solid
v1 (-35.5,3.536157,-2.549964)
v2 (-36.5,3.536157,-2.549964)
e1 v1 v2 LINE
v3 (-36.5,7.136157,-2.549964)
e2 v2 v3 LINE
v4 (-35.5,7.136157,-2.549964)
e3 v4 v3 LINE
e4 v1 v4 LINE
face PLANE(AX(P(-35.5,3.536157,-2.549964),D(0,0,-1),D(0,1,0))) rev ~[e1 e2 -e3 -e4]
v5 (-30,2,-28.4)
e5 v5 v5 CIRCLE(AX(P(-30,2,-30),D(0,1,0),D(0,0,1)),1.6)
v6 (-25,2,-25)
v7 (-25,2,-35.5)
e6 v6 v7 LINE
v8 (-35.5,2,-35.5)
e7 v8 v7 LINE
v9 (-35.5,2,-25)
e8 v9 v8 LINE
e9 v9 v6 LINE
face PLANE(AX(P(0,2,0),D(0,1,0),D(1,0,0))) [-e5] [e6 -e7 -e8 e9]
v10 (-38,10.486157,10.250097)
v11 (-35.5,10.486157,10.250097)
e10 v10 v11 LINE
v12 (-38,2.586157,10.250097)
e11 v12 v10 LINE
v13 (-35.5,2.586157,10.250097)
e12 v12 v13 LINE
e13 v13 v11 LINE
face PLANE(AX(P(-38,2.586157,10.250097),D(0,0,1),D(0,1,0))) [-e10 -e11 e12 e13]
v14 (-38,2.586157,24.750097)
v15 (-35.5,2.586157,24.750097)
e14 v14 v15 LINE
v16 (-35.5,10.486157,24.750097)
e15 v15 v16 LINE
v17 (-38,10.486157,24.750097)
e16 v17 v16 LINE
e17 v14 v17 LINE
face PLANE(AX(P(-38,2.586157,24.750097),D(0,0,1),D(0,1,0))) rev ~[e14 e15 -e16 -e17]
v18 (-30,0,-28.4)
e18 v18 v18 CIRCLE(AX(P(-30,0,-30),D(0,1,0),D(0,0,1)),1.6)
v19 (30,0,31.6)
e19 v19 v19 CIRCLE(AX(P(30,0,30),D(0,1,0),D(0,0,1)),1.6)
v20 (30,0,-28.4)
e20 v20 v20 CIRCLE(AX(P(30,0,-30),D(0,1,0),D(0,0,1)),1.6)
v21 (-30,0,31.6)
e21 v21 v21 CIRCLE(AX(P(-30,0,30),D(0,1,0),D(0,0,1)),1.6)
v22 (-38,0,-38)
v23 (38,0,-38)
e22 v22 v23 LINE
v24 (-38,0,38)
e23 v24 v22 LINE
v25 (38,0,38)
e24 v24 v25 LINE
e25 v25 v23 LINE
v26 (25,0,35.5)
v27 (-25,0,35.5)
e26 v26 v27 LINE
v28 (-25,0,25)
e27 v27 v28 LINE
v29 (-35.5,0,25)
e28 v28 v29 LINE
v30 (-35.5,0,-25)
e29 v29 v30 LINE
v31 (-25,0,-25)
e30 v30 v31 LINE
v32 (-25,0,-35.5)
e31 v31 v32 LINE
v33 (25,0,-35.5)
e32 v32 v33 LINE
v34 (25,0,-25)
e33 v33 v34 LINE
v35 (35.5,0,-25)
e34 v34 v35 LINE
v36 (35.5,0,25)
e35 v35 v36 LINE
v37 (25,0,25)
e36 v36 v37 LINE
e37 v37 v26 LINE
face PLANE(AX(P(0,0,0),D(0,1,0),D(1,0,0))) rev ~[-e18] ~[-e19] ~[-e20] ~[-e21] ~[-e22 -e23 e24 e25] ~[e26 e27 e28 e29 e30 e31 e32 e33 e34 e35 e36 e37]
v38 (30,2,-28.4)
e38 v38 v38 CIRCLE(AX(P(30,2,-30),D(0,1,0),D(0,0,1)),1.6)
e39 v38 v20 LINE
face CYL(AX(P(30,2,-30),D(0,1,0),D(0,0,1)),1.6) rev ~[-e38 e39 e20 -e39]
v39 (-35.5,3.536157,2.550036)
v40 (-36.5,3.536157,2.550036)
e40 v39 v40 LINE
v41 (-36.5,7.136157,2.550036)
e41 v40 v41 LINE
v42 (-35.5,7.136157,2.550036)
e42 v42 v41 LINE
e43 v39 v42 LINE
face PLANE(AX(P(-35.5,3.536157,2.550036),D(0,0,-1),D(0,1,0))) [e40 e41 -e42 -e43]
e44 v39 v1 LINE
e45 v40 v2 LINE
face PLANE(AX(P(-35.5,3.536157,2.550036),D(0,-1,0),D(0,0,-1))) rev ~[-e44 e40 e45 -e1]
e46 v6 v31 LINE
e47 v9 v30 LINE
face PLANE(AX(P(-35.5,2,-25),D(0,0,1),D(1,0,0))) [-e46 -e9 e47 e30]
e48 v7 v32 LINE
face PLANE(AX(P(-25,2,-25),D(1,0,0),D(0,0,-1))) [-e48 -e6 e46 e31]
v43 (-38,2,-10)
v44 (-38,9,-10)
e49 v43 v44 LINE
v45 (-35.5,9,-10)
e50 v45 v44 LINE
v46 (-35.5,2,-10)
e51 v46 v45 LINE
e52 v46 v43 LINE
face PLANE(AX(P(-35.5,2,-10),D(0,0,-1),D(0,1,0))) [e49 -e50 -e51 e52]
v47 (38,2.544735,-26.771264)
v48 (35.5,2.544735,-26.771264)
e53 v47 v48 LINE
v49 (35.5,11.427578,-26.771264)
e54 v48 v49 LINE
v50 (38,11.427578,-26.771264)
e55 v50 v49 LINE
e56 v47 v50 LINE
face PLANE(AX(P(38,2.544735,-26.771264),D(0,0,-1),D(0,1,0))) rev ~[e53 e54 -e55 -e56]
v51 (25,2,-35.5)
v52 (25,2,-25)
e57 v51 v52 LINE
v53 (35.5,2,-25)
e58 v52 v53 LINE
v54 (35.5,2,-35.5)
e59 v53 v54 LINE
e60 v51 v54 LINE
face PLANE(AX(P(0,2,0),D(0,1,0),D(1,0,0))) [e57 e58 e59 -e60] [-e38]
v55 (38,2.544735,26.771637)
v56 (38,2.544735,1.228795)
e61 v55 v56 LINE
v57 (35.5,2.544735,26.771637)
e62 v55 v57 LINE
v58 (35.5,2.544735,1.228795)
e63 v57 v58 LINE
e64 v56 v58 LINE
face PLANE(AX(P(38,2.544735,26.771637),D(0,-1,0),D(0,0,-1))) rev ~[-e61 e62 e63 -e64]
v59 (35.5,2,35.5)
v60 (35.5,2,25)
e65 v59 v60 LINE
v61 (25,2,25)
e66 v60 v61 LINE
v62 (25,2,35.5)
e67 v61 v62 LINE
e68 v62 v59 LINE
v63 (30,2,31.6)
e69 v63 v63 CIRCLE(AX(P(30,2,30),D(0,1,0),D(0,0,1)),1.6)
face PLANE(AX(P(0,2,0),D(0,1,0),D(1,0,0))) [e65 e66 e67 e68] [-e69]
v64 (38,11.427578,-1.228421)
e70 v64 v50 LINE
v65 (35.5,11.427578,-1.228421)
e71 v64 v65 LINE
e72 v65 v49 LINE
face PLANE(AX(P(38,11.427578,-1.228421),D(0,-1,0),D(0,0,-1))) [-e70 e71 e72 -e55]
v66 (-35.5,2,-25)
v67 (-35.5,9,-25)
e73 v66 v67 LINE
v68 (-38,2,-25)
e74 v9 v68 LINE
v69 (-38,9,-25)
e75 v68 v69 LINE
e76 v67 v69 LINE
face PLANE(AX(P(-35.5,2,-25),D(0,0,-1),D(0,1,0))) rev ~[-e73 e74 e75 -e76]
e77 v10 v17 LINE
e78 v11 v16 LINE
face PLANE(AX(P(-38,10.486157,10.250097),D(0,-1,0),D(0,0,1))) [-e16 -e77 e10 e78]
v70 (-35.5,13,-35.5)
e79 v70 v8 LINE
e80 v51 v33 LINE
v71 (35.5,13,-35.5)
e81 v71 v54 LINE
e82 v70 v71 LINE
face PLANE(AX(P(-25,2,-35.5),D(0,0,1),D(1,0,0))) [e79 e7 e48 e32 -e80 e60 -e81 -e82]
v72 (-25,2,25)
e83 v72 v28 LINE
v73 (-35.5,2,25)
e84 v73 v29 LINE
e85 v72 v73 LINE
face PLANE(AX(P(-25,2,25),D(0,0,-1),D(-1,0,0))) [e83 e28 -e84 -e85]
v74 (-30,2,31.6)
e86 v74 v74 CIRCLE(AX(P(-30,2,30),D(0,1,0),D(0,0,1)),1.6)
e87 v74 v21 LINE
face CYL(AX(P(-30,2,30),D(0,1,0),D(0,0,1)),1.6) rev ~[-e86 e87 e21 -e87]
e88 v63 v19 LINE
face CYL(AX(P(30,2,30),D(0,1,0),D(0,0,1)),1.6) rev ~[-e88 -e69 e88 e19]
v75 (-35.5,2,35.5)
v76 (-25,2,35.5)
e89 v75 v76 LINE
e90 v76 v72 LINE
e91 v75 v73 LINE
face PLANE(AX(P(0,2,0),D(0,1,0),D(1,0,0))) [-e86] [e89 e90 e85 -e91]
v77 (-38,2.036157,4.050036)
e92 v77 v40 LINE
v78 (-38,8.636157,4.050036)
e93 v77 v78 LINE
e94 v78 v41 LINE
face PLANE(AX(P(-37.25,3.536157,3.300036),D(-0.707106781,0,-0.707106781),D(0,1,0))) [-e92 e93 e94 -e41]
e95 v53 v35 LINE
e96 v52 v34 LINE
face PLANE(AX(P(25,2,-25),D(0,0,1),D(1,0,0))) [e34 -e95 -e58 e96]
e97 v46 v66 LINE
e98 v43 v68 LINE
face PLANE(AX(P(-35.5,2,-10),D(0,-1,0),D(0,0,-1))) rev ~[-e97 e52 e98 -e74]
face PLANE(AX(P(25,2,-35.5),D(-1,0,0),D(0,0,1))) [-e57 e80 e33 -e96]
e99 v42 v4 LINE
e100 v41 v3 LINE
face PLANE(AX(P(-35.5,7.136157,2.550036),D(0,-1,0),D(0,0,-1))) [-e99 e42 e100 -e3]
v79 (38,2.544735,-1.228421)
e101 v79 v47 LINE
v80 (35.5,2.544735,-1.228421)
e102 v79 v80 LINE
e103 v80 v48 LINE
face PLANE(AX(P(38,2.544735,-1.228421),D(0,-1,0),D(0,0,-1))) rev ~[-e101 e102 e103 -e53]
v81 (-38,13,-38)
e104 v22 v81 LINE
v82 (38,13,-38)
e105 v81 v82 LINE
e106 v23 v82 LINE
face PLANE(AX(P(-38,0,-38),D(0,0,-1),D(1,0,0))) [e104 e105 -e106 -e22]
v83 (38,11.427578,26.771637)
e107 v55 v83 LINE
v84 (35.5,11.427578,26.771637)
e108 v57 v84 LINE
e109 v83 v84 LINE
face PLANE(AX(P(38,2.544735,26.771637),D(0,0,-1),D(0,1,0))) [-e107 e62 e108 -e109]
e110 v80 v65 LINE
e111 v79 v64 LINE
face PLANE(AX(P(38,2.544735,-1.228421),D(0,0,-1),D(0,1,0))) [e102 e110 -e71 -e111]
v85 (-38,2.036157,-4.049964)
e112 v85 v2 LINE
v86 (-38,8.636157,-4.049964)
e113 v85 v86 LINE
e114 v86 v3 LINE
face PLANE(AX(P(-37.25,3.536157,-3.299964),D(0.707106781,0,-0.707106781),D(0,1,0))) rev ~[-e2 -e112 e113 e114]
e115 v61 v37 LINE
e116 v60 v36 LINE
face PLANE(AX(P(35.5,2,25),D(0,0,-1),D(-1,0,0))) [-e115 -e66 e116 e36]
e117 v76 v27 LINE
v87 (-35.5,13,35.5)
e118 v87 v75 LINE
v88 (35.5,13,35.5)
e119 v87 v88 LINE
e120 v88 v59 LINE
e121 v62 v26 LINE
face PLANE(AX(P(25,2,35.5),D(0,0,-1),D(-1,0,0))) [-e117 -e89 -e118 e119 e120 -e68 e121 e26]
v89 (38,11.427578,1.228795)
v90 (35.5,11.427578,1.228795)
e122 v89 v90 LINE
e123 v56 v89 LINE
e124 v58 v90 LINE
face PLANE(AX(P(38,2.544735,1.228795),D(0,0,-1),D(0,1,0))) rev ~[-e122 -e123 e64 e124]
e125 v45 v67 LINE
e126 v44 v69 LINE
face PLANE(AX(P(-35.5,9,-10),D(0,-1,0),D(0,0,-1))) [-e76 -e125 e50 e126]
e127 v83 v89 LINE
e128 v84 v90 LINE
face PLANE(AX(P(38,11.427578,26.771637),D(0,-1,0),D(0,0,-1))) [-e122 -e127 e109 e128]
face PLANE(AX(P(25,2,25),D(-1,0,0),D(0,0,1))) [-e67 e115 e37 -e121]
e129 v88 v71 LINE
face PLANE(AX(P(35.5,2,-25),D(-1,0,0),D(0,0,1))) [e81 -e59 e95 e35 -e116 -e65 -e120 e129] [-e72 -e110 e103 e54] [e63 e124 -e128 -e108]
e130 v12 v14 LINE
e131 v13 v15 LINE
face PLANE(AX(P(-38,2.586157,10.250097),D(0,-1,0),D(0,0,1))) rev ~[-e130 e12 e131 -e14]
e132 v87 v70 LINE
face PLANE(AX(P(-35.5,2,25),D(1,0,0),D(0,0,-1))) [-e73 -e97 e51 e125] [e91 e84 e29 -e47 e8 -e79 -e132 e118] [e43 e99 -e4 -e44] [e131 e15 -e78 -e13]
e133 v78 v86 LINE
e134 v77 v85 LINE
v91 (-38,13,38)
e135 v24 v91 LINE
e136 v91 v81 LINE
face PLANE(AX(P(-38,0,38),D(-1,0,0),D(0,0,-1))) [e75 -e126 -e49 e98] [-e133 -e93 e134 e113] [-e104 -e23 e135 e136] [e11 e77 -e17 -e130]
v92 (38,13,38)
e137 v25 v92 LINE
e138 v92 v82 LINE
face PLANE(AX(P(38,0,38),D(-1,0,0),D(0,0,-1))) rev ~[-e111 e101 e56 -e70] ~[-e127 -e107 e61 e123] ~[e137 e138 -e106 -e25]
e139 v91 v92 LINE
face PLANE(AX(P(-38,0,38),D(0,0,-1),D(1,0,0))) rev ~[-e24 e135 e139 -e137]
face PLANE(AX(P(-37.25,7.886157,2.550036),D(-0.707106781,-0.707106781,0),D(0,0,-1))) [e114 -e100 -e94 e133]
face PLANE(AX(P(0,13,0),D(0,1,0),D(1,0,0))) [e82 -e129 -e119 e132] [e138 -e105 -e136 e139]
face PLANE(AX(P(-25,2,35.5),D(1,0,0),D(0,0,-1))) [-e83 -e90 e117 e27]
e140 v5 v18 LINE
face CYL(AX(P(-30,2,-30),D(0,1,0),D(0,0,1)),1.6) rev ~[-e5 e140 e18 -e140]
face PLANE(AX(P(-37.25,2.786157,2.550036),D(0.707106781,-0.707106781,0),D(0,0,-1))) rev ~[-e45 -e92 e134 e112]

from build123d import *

# Parameters (mm, degrees)
SKETCH_1_W                  = 76
SKETCH_1_H                  = 76
EXTRUDE_1_DEPTH             = 13
SKETCH_2_W                  = 71
SKETCH_2_H                  = 71
CUT_EXTRUDE_1_DEPTH         = 11
SKETCH_3_R                  = 1.6
CUT_EXTRUDE_2_DEPTH         = 55.854352608
PATTERN_LINEAR_1_COUNT      = 2
PATTERN_LINEAR_1_PITCH      = 60
PATTERN_LINEAR_1_COUNT_DIR2 = 2
PATTERN_LINEAR_1_PITCH_DIR2 = 60
CUT_EXTRUDE_3_DEPTH         = 55.854352608
CUT_EXTRUDE_5_REACH         = 87.959
SKETCH_5_W                  = 14.5
SKETCH_5_H                  = 7.9
CUT_EXTRUDE_6_REACH         = 87.959
SKETCH_7_W                  = 25.542842713
SKETCH_7_H                  = 8.882842713
CUT_EXTRUDE_7_REACH         = 85.757
SKETCH_8_W                  = 5.1
SKETCH_8_H                  = 3.6
CUT_EXTRUDE_8_REACH         = 85.757
SKETCH_9_W                  = 15
SKETCH_9_H                  = 7
CHAMFER_1_SIZE              = 1.5


with BuildPart() as part:
    # 草图1 → 凸台-拉伸1 (new body)
    with BuildSketch(Plane(origin=(0, 0, 0), x_dir=(1, 0, 0), z_dir=(0, 1, 0))):
        Rectangle(SKETCH_1_W, SKETCH_1_H)
    extrude(amount=EXTRUDE_1_DEPTH)

    # 草图2 → 切除-拉伸1 (cut)
    with BuildSketch(Plane(origin=(0, 13, 0), x_dir=(1, 0, 0), z_dir=(0, 1, 0))):
        Rectangle(SKETCH_2_W, SKETCH_2_H)
    extrude(amount=-CUT_EXTRUDE_1_DEPTH, mode=Mode.SUBTRACT)

    # 草图3 → 切除-拉伸2 (cut, through all)
    with BuildSketch(Plane(origin=(0, 2, 0), x_dir=(1, 0, 0), z_dir=(0, 1, 0))):
        with Locations(Location((-30, 30, 0), (0, 0, 270))):
            Circle(SKETCH_3_R)
    cut_extrude_2 = extrude(amount=-CUT_EXTRUDE_2_DEPTH, mode=Mode.SUBTRACT)

    # 阵列(线性)1: Cut-Extrude 2 2 × 2
    with Locations(*[(i * PATTERN_LINEAR_1_PITCH, 0, j * PATTERN_LINEAR_1_PITCH_DIR2) for i in range(PATTERN_LINEAR_1_COUNT) for j in range(PATTERN_LINEAR_1_COUNT_DIR2) if (i, j) != (0, 0)]):
        add(cut_extrude_2, mode=Mode.SUBTRACT)

    # 草图4 → 切除-拉伸3 (cut, through all)
    with BuildSketch(Plane(origin=(0, 2, 0), x_dir=(1, 0, 0), z_dir=(0, 1, 0))):
        Polygon((35.5, -25), (25, -25), (25, -35.5), (-25, -35.5), (-25, -25), (-35.5, -25), (-35.5, 25), (-25, 25), (-25, 35.5), (25, 35.5), (25, 25), (35.5, 25), align=None)
    extrude(amount=-CUT_EXTRUDE_3_DEPTH, mode=Mode.SUBTRACT)

    # 草图5 → 切除-拉伸5 (cut, up to next)
    with BuildSketch(Plane.ZY.offset(38), mode=Mode.PRIVATE) as cut_extrude_5_sk1:
        with Locations((17.50009652, 6.536156877)):
            Rectangle(SKETCH_5_W, SKETCH_5_H)
    cut_extrude_5_tool1 = extrude(cut_extrude_5_sk1.sketch, amount=-CUT_EXTRUDE_5_REACH, mode=Mode.PRIVATE) & part.part
    add(cut_extrude_5_tool1.solids().sort_by_distance((-38, 6.536157, 17.500097))[0], mode=Mode.SUBTRACT)

    # 草图7 → 切除-拉伸6 (cut, up to next)
    with BuildSketch(Plane(origin=(38, 0, 0), x_dir=(0, 0, -1), z_dir=(1, 0, 0)), mode=Mode.PRIVATE) as cut_extrude_6_sk1:
        with Locations((13.99984252, 6.98615625)):
            Rectangle(SKETCH_7_W, SKETCH_7_H)
    cut_extrude_6_tool1 = extrude(cut_extrude_6_sk1.sketch, amount=-CUT_EXTRUDE_6_REACH, mode=Mode.PRIVATE) & part.part
    # 草图7 → 切除-拉伸6 (cut, up to next)
    with BuildSketch(Plane(origin=(38, 0, 0), x_dir=(0, 0, -1), z_dir=(1, 0, 0)), mode=Mode.PRIVATE) as cut_extrude_6_sk2:
        with Locations((-14.000215901, 6.98615625)):
            Rectangle(SKETCH_7_W, SKETCH_7_H)
    cut_extrude_6_tool2 = extrude(cut_extrude_6_sk2.sketch, amount=-CUT_EXTRUDE_6_REACH, mode=Mode.PRIVATE) & part.part
    add(cut_extrude_6_tool1.solids().sort_by_distance((38, 6.986156, -13.999843))[0], mode=Mode.SUBTRACT)
    add(cut_extrude_6_tool2.solids().sort_by_distance((38, 6.986156, 14.000216))[0], mode=Mode.SUBTRACT)

    # 草图8 → 切除-拉伸7 (cut, up to next)
    with BuildSketch(Plane(origin=(-35.5, 0, 0), x_dir=(0, 0, -1), z_dir=(1, 0, 0)), mode=Mode.PRIVATE) as cut_extrude_7_sk1:
        with Locations((-3.556e-05, 5.336156974)):
            Rectangle(SKETCH_8_W, SKETCH_8_H)
    cut_extrude_7_tool1 = extrude(cut_extrude_7_sk1.sketch, amount=-CUT_EXTRUDE_7_REACH, mode=Mode.PRIVATE) & part.part
    add(cut_extrude_7_tool1.solids().sort_by_distance((-35.5, 5.336157, 3.6e-05))[0], mode=Mode.SUBTRACT)

    # 草图9 → 切除-拉伸8 (cut, up to next)
    with BuildSketch(Plane(origin=(-35.5, 0, 0), x_dir=(0, 0, -1), z_dir=(1, 0, 0)), mode=Mode.PRIVATE) as cut_extrude_8_sk1:
        with Locations((17.5, 5.5)):
            Rectangle(SKETCH_9_W, SKETCH_9_H)
    cut_extrude_8_tool1 = extrude(cut_extrude_8_sk1.sketch, amount=-CUT_EXTRUDE_8_REACH, mode=Mode.PRIVATE) & part.part
    add(cut_extrude_8_tool1.solids().sort_by_distance((-35.5, 5.5, -17.5))[0], mode=Mode.SUBTRACT)

    # 倒角1
    chamfer_1_edges = [part.edges().sort_by_distance(p)[0] for p in [
        (-38, 5.336156974, -2.54996444),
        (-38, 3.536156974, 3.556e-05),
        (-38, 5.336156974, 2.55003556),
        (-38, 7.136156974, 3.556e-05),
    ]]
    chamfer(chamfer_1_edges, length=CHAMFER_1_SIZE)


solid = part.part
